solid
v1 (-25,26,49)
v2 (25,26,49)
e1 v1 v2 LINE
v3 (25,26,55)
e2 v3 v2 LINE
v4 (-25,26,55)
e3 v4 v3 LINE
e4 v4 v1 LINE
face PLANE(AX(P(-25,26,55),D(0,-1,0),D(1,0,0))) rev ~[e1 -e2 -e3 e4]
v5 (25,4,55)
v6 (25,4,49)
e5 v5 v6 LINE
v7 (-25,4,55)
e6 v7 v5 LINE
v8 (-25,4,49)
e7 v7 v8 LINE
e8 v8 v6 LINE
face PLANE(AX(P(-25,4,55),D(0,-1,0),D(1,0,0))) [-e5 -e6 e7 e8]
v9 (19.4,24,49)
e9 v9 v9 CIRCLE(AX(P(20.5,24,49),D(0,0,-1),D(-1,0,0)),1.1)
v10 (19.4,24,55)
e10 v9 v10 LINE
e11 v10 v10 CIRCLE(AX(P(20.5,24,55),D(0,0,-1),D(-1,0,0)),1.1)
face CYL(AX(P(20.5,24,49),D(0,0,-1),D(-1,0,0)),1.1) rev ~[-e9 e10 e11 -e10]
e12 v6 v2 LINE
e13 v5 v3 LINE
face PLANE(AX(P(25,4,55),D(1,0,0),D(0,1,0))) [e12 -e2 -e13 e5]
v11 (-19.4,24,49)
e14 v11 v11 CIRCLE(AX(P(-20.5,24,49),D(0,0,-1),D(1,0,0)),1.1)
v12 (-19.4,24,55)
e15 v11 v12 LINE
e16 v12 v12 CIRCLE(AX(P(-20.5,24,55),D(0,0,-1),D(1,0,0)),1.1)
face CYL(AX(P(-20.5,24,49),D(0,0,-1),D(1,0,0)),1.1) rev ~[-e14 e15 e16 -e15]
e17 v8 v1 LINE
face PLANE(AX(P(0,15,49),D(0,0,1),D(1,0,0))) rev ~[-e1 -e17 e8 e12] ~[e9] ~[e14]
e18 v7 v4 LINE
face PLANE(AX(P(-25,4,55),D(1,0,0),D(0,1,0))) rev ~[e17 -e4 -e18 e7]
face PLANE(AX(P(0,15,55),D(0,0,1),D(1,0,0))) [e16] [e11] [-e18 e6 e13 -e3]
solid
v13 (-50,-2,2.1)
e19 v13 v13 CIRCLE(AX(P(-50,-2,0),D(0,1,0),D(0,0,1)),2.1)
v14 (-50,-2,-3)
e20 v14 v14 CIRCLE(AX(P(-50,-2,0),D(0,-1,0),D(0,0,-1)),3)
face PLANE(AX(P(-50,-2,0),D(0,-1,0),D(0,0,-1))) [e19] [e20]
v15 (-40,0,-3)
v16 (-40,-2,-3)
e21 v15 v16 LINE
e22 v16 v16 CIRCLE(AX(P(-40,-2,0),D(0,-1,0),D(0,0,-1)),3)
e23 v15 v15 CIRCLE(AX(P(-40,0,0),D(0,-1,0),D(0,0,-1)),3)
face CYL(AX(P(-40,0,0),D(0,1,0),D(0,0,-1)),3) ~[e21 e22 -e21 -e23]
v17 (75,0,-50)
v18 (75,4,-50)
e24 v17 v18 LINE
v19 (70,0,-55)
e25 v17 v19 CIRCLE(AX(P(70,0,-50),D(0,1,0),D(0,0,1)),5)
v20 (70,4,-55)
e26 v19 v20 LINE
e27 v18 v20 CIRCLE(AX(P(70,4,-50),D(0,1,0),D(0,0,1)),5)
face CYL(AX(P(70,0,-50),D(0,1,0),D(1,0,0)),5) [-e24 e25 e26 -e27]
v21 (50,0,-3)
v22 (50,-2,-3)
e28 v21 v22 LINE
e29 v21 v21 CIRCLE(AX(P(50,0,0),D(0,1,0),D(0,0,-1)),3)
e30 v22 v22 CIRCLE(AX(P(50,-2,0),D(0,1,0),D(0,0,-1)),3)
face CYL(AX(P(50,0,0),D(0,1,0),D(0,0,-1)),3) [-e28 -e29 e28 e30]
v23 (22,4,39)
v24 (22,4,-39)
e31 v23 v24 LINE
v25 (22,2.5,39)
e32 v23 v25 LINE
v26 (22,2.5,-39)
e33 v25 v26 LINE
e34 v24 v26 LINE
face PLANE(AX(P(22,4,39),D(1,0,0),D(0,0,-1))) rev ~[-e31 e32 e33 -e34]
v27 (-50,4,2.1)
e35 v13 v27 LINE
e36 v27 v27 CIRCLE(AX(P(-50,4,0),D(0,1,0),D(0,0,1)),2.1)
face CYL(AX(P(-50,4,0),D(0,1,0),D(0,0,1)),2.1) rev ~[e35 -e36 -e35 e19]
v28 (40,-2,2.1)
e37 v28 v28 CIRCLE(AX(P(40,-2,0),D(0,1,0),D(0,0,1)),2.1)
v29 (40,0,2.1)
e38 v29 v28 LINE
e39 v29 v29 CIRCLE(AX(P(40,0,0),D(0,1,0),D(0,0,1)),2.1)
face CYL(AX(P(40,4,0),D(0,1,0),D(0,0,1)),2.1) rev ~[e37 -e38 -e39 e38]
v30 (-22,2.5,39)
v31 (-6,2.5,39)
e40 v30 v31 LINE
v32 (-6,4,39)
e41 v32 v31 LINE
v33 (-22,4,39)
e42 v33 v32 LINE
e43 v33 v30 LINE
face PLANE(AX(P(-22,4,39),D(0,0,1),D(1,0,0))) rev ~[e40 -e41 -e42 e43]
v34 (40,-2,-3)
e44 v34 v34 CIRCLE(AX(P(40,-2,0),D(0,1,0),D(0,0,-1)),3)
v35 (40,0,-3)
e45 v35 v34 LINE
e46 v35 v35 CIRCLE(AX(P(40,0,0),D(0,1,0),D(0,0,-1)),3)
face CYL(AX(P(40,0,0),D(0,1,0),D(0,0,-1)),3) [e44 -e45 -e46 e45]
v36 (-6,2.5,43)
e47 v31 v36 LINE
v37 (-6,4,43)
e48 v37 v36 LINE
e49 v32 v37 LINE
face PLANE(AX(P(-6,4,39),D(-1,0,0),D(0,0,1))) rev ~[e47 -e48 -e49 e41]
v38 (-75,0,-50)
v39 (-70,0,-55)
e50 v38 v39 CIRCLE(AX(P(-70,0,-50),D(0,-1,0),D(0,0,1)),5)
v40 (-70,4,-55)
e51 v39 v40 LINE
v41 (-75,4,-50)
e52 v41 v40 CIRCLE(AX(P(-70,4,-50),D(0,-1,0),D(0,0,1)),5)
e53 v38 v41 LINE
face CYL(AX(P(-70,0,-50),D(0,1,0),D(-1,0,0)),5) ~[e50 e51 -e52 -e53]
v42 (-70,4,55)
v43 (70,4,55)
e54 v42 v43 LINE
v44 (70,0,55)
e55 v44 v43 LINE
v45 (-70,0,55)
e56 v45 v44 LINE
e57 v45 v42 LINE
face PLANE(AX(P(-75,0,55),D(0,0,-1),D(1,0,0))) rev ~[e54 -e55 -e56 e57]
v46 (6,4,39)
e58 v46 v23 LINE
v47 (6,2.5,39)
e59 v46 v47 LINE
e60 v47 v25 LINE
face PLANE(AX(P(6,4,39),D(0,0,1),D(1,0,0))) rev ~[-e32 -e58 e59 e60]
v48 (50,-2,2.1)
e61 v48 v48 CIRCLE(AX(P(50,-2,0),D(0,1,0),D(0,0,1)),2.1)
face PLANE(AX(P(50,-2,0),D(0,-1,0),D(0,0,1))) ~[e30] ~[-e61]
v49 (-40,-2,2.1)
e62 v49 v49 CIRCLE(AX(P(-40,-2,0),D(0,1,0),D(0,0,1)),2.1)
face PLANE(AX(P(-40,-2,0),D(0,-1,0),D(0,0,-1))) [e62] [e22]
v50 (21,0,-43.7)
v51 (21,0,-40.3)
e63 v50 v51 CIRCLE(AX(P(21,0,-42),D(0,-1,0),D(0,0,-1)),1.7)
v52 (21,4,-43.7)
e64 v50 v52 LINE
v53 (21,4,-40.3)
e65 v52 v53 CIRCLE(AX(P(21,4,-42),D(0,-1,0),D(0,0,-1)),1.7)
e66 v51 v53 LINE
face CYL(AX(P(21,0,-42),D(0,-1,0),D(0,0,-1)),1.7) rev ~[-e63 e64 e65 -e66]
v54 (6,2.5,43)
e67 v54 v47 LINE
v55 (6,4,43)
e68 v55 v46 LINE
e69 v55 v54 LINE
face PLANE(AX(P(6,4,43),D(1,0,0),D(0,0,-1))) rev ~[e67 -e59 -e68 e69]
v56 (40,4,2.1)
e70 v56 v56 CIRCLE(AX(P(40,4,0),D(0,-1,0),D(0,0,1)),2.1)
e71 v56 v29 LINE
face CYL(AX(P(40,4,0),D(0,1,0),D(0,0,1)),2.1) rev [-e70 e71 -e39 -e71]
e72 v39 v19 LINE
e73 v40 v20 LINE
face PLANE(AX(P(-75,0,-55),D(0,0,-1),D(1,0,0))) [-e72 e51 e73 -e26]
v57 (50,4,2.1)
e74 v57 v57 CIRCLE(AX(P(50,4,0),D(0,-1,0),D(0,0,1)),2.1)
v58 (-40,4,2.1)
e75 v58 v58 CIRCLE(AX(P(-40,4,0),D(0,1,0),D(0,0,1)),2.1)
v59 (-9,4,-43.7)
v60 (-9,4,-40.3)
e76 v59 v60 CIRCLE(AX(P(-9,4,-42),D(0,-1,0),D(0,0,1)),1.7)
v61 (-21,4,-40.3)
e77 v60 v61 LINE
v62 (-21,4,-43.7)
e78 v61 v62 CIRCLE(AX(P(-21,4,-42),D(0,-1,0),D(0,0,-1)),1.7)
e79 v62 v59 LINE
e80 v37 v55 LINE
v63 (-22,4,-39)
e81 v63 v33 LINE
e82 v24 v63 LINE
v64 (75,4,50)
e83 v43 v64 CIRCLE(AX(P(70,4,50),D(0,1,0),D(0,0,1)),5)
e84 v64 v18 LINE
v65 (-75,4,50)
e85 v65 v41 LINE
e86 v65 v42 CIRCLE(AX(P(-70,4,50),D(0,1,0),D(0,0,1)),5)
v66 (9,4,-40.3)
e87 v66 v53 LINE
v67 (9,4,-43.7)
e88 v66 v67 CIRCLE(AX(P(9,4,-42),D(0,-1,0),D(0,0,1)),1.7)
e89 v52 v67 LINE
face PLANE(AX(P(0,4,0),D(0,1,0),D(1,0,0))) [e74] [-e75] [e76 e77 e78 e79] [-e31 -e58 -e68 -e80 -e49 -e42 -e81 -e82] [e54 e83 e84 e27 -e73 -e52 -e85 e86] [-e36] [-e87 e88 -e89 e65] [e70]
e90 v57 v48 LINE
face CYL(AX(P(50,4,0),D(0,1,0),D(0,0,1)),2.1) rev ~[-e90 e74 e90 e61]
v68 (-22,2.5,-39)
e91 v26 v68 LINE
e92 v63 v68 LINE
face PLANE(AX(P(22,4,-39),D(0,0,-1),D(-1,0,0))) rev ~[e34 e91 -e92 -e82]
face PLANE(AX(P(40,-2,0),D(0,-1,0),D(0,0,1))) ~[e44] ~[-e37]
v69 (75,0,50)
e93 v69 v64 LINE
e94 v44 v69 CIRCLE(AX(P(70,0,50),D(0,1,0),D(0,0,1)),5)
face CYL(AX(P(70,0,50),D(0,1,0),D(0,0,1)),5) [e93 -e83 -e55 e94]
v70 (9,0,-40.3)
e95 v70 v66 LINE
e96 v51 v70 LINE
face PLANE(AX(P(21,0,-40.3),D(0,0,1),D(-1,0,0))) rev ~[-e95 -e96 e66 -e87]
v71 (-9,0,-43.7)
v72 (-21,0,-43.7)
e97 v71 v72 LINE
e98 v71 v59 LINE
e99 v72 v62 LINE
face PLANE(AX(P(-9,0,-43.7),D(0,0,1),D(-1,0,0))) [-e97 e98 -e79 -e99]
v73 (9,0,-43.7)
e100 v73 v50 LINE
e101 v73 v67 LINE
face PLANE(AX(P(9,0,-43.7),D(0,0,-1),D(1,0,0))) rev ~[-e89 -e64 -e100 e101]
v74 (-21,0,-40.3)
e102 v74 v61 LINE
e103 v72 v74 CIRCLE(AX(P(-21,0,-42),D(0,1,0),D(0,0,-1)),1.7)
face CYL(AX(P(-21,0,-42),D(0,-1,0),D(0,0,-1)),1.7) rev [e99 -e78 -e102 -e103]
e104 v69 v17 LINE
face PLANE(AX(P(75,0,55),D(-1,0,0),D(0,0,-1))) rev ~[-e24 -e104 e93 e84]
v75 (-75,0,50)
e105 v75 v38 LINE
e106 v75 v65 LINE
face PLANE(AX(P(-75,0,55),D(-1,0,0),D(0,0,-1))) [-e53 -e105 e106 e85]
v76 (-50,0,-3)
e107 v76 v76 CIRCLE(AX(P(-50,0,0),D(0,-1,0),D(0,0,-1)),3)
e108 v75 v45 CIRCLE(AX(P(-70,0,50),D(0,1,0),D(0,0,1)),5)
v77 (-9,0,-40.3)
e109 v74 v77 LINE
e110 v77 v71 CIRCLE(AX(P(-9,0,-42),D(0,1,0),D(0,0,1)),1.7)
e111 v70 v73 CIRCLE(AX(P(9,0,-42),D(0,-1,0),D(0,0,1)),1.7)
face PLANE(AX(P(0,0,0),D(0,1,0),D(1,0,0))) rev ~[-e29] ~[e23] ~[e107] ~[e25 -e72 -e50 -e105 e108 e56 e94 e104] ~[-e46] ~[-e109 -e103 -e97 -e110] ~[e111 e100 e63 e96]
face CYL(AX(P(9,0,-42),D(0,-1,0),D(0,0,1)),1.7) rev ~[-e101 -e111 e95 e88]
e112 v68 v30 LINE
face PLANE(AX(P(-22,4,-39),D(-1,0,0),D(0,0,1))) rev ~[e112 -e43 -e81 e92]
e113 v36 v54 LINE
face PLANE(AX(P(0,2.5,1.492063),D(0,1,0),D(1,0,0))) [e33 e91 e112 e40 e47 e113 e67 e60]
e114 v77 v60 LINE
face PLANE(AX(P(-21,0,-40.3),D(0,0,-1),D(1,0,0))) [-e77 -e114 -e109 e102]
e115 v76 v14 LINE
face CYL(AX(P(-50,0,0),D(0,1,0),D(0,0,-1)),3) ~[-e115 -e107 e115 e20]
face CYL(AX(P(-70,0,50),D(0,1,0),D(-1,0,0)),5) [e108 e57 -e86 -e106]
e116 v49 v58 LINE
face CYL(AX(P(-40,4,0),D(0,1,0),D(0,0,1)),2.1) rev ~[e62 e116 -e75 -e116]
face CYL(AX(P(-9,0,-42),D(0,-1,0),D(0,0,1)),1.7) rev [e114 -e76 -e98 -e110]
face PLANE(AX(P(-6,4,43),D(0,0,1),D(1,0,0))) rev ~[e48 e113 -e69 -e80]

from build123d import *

# Parameters (mm, degrees)
SKETCH1_W           = 150
SKETCH1_H           = 110
BOSS_EXTRUDE1_DEPTH = 4
FILLET1_R           = 5
SKETCH2_R           = 2.1
CUT_EXTRUDE1_DEPTH  = 94.091352982
SKETCH3_R           = 3
BOSS_EXTRUDE2_DEPTH = 2
CUT_EXTRUDE2_DEPTH  = 1.5
SKETCH7_W           = 50
SKETCH7_H           = 22
BOSS_EXTRUDE4_DEPTH = 6
SKETCH8_R           = 1.1
CUT_EXTRUDE3_DEPTH  = 131.831953284
CUT_EXTRUDE4_DEPTH  = 97.571217244
SKETCH10_R          = 2.1
CUT_EXTRUDE5_DEPTH  = 96.571962416


with BuildPart() as part:
    # Sketch1 → Boss-Extrude1 (new body)
    with BuildSketch(Plane(origin=(0, 0, 0), x_dir=(1, 0, 0), z_dir=(0, 1, 0))):
        Rectangle(SKETCH1_W, SKETCH1_H)
    extrude(amount=BOSS_EXTRUDE1_DEPTH)

    # Fillet1
    fillet1_edges = [part.edges().sort_by_distance(p)[0] for p in [
        (75, 2, 55),
        (-75, 2, 55),
        (-75, 2, -55),
        (75, 2, -55),
    ]]
    fillet(fillet1_edges, radius=FILLET1_R)

    # Sketch2 → Cut-Extrude1 (cut, through all)
    with BuildSketch(Plane(origin=(0, 4, 0), x_dir=(1, 0, 0), z_dir=(0, 1, 0))):
        with Locations(Location((-50, 0, 0), (0, 0, 270))):
            Circle(SKETCH2_R)
        with Locations(Location((-40, 0, 0), (0, 0, 270))):
            Circle(SKETCH2_R)
    cut_extrude1 = extrude(amount=-CUT_EXTRUDE1_DEPTH, mode=Mode.SUBTRACT)

    # Sketch3 → Boss-Extrude2 (add)
    with BuildSketch(Plane.XZ):
        with Locations(Location((-50, 0, 0), (0, 0, 270))):
            Circle(SKETCH3_R)
        with Locations(Location((-40, 0, 0), (0, 0, 270))):
            Circle(SKETCH3_R)
    boss_extrude2 = extrude(amount=BOSS_EXTRUDE2_DEPTH)

    # Mirror1: Cut-Extrude1, Boss-Extrude2 across plane
    add(cut_extrude1.mirror(Plane(origin=(0, 0, 0), x_dir=(0, 0, 1), z_dir=(1, 0, 0))), mode=Mode.SUBTRACT)
    add(boss_extrude2.mirror(Plane(origin=(0, 0, 0), x_dir=(0, 0, 1), z_dir=(1, 0, 0))))

    # Sketch4 → Cut-Extrude2 (cut)
    with BuildSketch(Plane(origin=(0, 4, 0), x_dir=(1, 0, 0), z_dir=(0, 1, 0))):
        Polygon((-22, -39), (-6, -39), (-6, -43), (6, -43), (6, -39), (22, -39), (22, 39), (-22, 39), align=None)
    extrude(amount=-CUT_EXTRUDE2_DEPTH, mode=Mode.SUBTRACT)

    # Sketch9 → Cut-Extrude4 (cut, through all)
    with BuildSketch(Plane.XZ):
        with BuildLine():
            Line((-21, -40.3), (-9, -40.3))
            ThreePointArc((-9, -40.3), (-7.3, -42), (-9, -43.7))
            Line((-9, -43.7), (-21, -43.7))
            ThreePointArc((-21, -43.7), (-22.7, -42), (-21, -40.3))
        make_face()
        with BuildLine():
            Line((21, -40.3), (9, -40.3))
            ThreePointArc((9, -40.3), (7.3, -42), (9, -43.7))
            Line((9, -43.7), (21, -43.7))
            ThreePointArc((21, -43.7), (22.7, -42), (21, -40.3))
        make_face()
    extrude(amount=-CUT_EXTRUDE4_DEPTH, mode=Mode.SUBTRACT)

    # Sketch10 → Cut-Extrude5 (cut, through all)
    with BuildSketch(Plane(origin=(0, 4, 0), x_dir=(1, 0, 0), z_dir=(0, 1, 0))):
        with Locations(Location((-50, 0, 0), (0, 0, 270))):
            Circle(SKETCH10_R)
        with Locations(Location((-40, 0, 0), (0, 0, 270))):
            Circle(SKETCH10_R)
        with Locations(Location((40, 0, 0), (0, 0, 270))):
            Circle(SKETCH10_R)
        with Locations(Location((50, 0, 0), (0, 0, 270))):
            Circle(SKETCH10_R)
    extrude(amount=-CUT_EXTRUDE5_DEPTH, mode=Mode.SUBTRACT)


with BuildPart() as body_2:
    # Sketch7 → Boss-Extrude4 (new body)
    with BuildSketch(Plane.XY.offset(55)):
        with Locations((0, 15)):
            Rectangle(SKETCH7_W, SKETCH7_H)
    extrude(amount=-BOSS_EXTRUDE4_DEPTH)

    # Sketch8 → Cut-Extrude3 (cut, through all)
    with BuildSketch(Plane(origin=(0, 0, 49), x_dir=(-1, 0, 0), z_dir=(0, 0, -1))):
        with Locations((-20.5, 24)):
            Circle(SKETCH8_R)
        with Locations(Location((20.5, 24, 0), (0, 0, 180))):
            Circle(SKETCH8_R)
    extrude(amount=-CUT_EXTRUDE3_DEPTH, mode=Mode.SUBTRACT)


solid = Compound([part.part, body_2.part])
